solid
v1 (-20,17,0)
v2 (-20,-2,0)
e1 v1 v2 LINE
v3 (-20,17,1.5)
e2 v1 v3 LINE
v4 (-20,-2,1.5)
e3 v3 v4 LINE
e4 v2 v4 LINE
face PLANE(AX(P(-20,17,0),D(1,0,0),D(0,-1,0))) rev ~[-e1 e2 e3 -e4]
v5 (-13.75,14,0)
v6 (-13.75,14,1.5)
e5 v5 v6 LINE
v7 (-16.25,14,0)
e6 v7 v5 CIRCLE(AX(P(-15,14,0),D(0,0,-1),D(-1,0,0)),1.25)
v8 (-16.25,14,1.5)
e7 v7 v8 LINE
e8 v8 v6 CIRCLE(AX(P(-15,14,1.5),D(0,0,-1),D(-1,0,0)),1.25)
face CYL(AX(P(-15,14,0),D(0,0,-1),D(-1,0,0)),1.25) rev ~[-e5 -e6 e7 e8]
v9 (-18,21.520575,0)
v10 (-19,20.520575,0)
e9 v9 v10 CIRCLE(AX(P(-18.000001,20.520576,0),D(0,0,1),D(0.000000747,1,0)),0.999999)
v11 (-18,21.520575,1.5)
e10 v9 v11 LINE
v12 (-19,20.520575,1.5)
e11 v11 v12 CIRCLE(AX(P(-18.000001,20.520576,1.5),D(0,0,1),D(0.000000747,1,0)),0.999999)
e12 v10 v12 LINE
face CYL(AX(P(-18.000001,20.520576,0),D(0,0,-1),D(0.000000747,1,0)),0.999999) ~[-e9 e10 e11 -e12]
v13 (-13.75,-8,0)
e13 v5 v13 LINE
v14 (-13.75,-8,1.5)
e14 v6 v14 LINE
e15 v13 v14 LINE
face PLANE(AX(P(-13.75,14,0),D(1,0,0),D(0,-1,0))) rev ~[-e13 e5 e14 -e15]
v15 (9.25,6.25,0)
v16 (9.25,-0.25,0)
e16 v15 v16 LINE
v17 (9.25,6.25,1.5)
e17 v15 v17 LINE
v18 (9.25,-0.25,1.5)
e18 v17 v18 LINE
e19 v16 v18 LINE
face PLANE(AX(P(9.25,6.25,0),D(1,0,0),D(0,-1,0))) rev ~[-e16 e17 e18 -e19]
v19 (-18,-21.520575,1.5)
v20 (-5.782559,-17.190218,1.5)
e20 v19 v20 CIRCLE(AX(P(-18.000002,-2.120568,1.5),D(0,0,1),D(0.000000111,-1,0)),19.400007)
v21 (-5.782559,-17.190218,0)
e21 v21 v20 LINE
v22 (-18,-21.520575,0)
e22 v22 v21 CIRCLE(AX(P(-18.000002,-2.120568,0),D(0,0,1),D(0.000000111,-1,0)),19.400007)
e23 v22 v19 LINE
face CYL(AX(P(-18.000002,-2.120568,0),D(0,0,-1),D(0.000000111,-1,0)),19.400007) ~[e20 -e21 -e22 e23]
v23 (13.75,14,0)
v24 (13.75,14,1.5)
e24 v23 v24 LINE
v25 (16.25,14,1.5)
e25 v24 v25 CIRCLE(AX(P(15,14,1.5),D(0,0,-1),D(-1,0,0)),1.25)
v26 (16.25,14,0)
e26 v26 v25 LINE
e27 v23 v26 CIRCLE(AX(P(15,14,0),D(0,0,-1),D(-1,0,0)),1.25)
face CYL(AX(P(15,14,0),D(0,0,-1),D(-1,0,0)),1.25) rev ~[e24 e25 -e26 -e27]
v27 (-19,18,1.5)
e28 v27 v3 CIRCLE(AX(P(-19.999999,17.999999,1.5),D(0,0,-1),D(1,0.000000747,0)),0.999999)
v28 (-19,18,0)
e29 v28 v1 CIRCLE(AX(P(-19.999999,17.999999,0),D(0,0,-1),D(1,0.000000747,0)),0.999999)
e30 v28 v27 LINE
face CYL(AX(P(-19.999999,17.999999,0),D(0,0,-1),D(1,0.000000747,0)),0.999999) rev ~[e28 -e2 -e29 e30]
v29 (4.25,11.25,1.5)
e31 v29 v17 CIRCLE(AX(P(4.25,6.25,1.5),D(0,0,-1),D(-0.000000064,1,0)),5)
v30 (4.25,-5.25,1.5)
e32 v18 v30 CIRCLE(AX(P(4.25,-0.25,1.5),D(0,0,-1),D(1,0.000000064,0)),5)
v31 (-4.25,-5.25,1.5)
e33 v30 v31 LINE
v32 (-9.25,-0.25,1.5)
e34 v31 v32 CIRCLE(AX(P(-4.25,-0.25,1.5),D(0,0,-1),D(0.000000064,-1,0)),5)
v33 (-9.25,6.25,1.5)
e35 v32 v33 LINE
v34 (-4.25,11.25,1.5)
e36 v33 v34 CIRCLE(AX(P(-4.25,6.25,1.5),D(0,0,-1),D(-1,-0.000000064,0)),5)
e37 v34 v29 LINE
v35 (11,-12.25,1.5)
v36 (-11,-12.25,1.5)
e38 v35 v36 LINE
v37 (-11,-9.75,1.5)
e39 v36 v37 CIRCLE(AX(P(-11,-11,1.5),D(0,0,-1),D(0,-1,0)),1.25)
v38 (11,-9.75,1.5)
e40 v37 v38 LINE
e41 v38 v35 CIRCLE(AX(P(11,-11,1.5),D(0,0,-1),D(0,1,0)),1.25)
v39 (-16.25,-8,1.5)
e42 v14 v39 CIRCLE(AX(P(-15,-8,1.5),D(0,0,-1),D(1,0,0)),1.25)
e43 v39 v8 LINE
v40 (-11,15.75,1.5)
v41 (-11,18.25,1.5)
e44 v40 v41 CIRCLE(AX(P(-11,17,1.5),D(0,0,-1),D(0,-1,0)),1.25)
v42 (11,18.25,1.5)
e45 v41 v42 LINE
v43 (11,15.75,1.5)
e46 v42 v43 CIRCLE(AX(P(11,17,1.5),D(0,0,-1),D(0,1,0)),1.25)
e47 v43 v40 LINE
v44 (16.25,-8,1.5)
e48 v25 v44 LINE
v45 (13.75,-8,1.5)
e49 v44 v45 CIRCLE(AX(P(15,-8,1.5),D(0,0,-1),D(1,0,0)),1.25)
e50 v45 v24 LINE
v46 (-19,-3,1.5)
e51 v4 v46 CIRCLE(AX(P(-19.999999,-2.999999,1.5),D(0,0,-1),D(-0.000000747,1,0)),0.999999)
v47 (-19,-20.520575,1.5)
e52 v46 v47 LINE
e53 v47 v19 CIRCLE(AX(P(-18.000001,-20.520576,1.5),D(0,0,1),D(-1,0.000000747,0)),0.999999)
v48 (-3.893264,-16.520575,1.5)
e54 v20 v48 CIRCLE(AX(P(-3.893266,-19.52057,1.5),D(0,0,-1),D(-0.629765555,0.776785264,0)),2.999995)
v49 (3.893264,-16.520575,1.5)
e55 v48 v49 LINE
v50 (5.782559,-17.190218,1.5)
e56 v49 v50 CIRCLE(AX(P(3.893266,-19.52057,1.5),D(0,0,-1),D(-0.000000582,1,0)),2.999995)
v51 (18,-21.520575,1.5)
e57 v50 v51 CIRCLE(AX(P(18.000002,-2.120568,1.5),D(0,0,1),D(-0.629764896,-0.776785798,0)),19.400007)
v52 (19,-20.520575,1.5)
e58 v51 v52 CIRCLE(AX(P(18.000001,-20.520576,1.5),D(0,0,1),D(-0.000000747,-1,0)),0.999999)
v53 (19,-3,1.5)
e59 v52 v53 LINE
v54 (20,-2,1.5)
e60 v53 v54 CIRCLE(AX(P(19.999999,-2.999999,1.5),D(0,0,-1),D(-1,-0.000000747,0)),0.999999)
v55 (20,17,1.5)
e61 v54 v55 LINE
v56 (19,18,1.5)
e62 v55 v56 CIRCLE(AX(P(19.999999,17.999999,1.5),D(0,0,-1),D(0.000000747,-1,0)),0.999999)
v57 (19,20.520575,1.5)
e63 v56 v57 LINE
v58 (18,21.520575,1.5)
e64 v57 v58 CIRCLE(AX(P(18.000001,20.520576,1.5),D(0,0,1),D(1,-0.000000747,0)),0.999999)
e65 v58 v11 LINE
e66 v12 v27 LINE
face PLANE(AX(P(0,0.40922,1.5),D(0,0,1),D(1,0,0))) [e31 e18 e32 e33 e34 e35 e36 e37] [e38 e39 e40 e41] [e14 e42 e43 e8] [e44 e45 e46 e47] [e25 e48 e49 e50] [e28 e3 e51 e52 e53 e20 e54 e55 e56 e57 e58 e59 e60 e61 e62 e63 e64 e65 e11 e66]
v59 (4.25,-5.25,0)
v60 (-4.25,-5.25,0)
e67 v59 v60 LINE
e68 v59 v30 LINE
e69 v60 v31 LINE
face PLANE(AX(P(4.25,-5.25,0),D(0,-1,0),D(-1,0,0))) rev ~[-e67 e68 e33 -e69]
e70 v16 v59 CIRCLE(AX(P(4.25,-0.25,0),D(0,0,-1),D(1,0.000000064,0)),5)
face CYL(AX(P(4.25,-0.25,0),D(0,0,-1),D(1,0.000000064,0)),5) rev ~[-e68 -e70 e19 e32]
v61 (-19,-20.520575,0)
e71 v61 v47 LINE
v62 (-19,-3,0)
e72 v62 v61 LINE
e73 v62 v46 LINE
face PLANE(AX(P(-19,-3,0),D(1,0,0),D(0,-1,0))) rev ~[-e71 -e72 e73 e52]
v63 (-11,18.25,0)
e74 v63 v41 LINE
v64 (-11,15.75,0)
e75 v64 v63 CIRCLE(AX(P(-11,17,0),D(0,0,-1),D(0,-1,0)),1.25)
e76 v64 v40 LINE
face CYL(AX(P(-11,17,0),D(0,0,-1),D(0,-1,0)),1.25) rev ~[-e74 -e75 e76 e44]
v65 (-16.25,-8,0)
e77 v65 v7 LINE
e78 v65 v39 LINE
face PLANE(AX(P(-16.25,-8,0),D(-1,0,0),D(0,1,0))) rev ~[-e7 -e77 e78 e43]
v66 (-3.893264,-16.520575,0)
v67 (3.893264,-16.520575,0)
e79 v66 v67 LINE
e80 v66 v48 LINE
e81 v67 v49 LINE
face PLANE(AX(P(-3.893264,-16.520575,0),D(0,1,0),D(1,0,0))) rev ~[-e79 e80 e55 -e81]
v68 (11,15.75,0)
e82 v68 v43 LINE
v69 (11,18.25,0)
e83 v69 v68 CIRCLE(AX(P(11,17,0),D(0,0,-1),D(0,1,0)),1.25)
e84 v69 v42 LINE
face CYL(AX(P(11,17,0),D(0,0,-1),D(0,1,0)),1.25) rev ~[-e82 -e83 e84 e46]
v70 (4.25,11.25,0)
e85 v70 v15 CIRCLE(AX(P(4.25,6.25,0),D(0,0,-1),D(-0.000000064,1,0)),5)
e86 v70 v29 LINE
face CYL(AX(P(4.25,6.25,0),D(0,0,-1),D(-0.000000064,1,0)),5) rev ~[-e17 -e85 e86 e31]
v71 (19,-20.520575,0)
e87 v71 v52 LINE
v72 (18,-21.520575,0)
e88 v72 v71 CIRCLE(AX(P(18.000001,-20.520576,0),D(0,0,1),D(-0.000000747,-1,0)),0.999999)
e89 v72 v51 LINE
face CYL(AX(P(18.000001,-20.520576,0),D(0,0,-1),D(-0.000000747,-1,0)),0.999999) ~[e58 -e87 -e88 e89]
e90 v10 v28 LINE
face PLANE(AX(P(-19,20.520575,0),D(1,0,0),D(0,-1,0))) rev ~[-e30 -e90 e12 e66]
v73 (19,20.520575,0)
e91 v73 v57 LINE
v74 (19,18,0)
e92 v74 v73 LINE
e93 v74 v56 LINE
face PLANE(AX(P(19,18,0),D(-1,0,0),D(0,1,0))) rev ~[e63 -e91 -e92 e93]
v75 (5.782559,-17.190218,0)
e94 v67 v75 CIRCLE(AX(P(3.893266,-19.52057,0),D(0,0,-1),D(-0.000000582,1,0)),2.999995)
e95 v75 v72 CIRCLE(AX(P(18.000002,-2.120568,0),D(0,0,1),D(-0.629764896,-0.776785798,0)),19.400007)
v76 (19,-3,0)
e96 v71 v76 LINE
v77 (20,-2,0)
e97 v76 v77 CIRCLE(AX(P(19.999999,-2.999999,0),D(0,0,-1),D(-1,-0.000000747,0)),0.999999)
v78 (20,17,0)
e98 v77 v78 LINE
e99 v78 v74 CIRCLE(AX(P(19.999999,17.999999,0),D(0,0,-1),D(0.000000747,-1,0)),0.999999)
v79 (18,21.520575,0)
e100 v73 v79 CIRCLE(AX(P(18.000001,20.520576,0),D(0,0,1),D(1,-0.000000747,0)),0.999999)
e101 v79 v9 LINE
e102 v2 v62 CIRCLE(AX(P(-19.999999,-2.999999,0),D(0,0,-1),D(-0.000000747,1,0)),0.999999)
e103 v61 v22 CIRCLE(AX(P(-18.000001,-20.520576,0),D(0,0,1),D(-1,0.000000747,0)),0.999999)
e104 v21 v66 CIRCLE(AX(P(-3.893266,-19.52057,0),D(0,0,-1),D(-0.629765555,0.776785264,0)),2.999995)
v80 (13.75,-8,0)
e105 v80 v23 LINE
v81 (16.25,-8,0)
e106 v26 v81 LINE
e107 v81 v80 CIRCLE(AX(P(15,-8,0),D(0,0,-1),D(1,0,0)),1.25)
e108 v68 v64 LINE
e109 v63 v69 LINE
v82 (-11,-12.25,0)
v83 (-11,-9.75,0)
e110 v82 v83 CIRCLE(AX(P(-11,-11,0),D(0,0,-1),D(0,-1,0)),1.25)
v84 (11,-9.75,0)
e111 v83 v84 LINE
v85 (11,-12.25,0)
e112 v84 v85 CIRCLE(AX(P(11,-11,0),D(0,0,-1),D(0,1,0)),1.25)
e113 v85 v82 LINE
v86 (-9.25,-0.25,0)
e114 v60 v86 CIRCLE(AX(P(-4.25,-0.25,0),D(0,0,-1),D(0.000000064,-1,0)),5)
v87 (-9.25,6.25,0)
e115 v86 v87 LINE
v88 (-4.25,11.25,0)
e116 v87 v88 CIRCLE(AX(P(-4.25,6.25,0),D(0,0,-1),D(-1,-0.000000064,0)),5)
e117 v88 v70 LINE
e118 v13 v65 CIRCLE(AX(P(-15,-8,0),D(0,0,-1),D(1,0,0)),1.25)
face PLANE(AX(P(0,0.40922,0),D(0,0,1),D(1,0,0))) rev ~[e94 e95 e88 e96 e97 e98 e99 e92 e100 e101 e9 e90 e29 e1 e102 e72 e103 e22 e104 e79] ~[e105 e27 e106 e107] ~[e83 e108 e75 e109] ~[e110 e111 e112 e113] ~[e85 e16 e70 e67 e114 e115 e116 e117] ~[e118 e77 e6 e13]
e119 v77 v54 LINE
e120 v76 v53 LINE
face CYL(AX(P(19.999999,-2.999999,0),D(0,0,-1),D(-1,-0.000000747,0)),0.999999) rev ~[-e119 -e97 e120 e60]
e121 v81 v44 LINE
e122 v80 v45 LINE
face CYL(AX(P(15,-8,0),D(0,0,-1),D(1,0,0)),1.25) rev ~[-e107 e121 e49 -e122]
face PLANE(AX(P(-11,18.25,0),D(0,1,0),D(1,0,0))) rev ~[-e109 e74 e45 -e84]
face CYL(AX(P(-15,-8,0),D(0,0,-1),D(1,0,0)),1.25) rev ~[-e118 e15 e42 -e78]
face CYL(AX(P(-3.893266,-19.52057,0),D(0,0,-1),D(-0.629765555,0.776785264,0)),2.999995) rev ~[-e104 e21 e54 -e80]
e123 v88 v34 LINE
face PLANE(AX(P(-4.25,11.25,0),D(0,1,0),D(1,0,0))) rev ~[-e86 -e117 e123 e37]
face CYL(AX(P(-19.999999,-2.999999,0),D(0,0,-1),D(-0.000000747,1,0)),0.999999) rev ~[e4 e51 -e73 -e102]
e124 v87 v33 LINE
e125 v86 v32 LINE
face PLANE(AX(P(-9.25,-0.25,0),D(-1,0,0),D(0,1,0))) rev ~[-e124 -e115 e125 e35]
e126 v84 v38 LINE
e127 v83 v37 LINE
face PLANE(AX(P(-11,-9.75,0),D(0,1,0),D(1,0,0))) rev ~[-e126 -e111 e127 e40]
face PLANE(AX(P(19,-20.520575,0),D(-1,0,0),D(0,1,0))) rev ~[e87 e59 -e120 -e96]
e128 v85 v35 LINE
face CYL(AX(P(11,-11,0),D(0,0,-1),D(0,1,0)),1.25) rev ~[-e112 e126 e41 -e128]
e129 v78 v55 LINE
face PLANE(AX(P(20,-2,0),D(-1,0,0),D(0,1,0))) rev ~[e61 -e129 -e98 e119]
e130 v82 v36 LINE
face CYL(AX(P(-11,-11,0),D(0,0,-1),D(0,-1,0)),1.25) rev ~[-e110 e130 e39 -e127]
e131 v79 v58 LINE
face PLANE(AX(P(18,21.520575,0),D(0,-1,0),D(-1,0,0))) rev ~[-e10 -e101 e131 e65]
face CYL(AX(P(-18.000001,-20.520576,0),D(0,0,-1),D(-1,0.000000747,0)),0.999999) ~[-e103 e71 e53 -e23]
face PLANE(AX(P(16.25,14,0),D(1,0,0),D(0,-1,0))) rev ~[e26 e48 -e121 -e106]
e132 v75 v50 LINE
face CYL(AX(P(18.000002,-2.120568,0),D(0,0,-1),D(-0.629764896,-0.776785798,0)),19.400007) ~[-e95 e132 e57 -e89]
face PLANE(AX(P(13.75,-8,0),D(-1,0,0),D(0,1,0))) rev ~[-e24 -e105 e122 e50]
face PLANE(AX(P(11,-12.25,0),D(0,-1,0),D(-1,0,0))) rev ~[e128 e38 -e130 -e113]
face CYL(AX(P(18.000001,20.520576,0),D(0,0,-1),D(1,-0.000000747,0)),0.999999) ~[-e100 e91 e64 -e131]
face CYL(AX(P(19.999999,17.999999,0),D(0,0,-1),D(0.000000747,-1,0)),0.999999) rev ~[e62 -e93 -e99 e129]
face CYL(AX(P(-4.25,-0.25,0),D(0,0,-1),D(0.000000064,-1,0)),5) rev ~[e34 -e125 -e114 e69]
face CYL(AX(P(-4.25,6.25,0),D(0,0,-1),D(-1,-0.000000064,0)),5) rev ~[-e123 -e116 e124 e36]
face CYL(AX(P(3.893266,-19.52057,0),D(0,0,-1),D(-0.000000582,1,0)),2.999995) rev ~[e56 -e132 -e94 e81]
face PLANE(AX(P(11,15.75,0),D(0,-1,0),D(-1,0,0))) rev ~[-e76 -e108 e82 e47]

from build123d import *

# Parameters (mm, degrees)
F1_DEPTH = 1.5


with BuildPart() as f1:
    # F0 (on Top) → F1 (new body)
    with BuildSketch(Plane.XY):
        with BuildLine():
            ThreePointArc((-19, 18), (-19.292893, 17.292893), (-20, 17))
            Line((-20, 17), (-20, -2))
            ThreePointArc((-20, -2), (-19.292893, -2.292893), (-19, -3))
            Line((-19, -3), (-19, -20.520575))
            ThreePointArc((-19, -20.520575), (-18.707107, -21.227682), (-18, -21.520575))
            ThreePointArc((-18, -21.520575), (-11.518915, -20.405966), (-5.782559, -17.190218))
            ThreePointArc((-5.782559, -17.190218), (-4.895494, -16.692937), (-3.893264, -16.520575))
            Line((-3.893264, -16.520575), (3.893264, -16.520575))
            ThreePointArc((3.893264, -16.520575), (4.895494, -16.692937), (5.782559, -17.190218))
            ThreePointArc((5.782559, -17.190218), (11.518915, -20.405966), (18, -21.520575))
            ThreePointArc((18, -21.520575), (18.707107, -21.227682), (19, -20.520575))
            Line((19, -20.520575), (19, -3))
            ThreePointArc((19, -3), (19.292893, -2.292893), (20, -2))
            Line((20, -2), (20, 17))
            ThreePointArc((20, 17), (19.292893, 17.292893), (19, 18))
            Line((19, 18), (19, 20.520575))
            ThreePointArc((19, 20.520575), (18.707107, 21.227682), (18, 21.520575))
            Line((18, 21.520575), (-18, 21.520575))
            ThreePointArc((-18, 21.520575), (-18.707107, 21.227682), (-19, 20.520575))
            Line((-19, 20.520575), (-19, 18))
        make_face()
        with BuildLine():
            Line((-11, -9.75), (11, -9.75))
            ThreePointArc((11, -9.75), (12.25, -11), (11, -12.25))
            Line((11, -12.25), (-11, -12.25))
            ThreePointArc((-11, -12.25), (-12.25, -11), (-11, -9.75))
        make_face(mode=Mode.SUBTRACT)
        with BuildLine():
            Line((-16.25, -8), (-16.25, 14))
            ThreePointArc((-16.25, 14), (-15, 15.25), (-13.75, 14))
            Line((-13.75, 14), (-13.75, -8))
            ThreePointArc((-13.75, -8), (-15, -9.25), (-16.25, -8))
        make_face(mode=Mode.SUBTRACT)
        with BuildLine():
            Line((4.25, -5.25), (-4.25, -5.25))
            ThreePointArc((-4.25, -5.25), (-7.785534, -3.785534), (-9.25, -0.25))
            Line((-9.25, -0.25), (-9.25, 6.25))
            ThreePointArc((-9.25, 6.25), (-7.785534, 9.785534), (-4.25, 11.25))
            Line((-4.25, 11.25), (4.25, 11.25))
            ThreePointArc((4.25, 11.25), (7.785534, 9.785534), (9.25, 6.25))
            Line((9.25, 6.25), (9.25, -0.25))
            ThreePointArc((9.25, -0.25), (7.785534, -3.785534), (4.25, -5.25))
        make_face(mode=Mode.SUBTRACT)
        with BuildLine():
            ThreePointArc((13.75, 14), (15, 15.25), (16.25, 14))
            Line((16.25, 14), (16.25, -8))
            ThreePointArc((16.25, -8), (15, -9.25), (13.75, -8))
            Line((13.75, -8), (13.75, 14))
        make_face(mode=Mode.SUBTRACT)
        with BuildLine():
            Line((-11, 18.25), (11, 18.25))
            ThreePointArc((11, 18.25), (12.25, 17), (11, 15.75))
            Line((11, 15.75), (-11, 15.75))
            ThreePointArc((-11, 15.75), (-12.25, 17), (-11, 18.25))
        make_face(mode=Mode.SUBTRACT)
    extrude(amount=F1_DEPTH)


solid = f1.part
